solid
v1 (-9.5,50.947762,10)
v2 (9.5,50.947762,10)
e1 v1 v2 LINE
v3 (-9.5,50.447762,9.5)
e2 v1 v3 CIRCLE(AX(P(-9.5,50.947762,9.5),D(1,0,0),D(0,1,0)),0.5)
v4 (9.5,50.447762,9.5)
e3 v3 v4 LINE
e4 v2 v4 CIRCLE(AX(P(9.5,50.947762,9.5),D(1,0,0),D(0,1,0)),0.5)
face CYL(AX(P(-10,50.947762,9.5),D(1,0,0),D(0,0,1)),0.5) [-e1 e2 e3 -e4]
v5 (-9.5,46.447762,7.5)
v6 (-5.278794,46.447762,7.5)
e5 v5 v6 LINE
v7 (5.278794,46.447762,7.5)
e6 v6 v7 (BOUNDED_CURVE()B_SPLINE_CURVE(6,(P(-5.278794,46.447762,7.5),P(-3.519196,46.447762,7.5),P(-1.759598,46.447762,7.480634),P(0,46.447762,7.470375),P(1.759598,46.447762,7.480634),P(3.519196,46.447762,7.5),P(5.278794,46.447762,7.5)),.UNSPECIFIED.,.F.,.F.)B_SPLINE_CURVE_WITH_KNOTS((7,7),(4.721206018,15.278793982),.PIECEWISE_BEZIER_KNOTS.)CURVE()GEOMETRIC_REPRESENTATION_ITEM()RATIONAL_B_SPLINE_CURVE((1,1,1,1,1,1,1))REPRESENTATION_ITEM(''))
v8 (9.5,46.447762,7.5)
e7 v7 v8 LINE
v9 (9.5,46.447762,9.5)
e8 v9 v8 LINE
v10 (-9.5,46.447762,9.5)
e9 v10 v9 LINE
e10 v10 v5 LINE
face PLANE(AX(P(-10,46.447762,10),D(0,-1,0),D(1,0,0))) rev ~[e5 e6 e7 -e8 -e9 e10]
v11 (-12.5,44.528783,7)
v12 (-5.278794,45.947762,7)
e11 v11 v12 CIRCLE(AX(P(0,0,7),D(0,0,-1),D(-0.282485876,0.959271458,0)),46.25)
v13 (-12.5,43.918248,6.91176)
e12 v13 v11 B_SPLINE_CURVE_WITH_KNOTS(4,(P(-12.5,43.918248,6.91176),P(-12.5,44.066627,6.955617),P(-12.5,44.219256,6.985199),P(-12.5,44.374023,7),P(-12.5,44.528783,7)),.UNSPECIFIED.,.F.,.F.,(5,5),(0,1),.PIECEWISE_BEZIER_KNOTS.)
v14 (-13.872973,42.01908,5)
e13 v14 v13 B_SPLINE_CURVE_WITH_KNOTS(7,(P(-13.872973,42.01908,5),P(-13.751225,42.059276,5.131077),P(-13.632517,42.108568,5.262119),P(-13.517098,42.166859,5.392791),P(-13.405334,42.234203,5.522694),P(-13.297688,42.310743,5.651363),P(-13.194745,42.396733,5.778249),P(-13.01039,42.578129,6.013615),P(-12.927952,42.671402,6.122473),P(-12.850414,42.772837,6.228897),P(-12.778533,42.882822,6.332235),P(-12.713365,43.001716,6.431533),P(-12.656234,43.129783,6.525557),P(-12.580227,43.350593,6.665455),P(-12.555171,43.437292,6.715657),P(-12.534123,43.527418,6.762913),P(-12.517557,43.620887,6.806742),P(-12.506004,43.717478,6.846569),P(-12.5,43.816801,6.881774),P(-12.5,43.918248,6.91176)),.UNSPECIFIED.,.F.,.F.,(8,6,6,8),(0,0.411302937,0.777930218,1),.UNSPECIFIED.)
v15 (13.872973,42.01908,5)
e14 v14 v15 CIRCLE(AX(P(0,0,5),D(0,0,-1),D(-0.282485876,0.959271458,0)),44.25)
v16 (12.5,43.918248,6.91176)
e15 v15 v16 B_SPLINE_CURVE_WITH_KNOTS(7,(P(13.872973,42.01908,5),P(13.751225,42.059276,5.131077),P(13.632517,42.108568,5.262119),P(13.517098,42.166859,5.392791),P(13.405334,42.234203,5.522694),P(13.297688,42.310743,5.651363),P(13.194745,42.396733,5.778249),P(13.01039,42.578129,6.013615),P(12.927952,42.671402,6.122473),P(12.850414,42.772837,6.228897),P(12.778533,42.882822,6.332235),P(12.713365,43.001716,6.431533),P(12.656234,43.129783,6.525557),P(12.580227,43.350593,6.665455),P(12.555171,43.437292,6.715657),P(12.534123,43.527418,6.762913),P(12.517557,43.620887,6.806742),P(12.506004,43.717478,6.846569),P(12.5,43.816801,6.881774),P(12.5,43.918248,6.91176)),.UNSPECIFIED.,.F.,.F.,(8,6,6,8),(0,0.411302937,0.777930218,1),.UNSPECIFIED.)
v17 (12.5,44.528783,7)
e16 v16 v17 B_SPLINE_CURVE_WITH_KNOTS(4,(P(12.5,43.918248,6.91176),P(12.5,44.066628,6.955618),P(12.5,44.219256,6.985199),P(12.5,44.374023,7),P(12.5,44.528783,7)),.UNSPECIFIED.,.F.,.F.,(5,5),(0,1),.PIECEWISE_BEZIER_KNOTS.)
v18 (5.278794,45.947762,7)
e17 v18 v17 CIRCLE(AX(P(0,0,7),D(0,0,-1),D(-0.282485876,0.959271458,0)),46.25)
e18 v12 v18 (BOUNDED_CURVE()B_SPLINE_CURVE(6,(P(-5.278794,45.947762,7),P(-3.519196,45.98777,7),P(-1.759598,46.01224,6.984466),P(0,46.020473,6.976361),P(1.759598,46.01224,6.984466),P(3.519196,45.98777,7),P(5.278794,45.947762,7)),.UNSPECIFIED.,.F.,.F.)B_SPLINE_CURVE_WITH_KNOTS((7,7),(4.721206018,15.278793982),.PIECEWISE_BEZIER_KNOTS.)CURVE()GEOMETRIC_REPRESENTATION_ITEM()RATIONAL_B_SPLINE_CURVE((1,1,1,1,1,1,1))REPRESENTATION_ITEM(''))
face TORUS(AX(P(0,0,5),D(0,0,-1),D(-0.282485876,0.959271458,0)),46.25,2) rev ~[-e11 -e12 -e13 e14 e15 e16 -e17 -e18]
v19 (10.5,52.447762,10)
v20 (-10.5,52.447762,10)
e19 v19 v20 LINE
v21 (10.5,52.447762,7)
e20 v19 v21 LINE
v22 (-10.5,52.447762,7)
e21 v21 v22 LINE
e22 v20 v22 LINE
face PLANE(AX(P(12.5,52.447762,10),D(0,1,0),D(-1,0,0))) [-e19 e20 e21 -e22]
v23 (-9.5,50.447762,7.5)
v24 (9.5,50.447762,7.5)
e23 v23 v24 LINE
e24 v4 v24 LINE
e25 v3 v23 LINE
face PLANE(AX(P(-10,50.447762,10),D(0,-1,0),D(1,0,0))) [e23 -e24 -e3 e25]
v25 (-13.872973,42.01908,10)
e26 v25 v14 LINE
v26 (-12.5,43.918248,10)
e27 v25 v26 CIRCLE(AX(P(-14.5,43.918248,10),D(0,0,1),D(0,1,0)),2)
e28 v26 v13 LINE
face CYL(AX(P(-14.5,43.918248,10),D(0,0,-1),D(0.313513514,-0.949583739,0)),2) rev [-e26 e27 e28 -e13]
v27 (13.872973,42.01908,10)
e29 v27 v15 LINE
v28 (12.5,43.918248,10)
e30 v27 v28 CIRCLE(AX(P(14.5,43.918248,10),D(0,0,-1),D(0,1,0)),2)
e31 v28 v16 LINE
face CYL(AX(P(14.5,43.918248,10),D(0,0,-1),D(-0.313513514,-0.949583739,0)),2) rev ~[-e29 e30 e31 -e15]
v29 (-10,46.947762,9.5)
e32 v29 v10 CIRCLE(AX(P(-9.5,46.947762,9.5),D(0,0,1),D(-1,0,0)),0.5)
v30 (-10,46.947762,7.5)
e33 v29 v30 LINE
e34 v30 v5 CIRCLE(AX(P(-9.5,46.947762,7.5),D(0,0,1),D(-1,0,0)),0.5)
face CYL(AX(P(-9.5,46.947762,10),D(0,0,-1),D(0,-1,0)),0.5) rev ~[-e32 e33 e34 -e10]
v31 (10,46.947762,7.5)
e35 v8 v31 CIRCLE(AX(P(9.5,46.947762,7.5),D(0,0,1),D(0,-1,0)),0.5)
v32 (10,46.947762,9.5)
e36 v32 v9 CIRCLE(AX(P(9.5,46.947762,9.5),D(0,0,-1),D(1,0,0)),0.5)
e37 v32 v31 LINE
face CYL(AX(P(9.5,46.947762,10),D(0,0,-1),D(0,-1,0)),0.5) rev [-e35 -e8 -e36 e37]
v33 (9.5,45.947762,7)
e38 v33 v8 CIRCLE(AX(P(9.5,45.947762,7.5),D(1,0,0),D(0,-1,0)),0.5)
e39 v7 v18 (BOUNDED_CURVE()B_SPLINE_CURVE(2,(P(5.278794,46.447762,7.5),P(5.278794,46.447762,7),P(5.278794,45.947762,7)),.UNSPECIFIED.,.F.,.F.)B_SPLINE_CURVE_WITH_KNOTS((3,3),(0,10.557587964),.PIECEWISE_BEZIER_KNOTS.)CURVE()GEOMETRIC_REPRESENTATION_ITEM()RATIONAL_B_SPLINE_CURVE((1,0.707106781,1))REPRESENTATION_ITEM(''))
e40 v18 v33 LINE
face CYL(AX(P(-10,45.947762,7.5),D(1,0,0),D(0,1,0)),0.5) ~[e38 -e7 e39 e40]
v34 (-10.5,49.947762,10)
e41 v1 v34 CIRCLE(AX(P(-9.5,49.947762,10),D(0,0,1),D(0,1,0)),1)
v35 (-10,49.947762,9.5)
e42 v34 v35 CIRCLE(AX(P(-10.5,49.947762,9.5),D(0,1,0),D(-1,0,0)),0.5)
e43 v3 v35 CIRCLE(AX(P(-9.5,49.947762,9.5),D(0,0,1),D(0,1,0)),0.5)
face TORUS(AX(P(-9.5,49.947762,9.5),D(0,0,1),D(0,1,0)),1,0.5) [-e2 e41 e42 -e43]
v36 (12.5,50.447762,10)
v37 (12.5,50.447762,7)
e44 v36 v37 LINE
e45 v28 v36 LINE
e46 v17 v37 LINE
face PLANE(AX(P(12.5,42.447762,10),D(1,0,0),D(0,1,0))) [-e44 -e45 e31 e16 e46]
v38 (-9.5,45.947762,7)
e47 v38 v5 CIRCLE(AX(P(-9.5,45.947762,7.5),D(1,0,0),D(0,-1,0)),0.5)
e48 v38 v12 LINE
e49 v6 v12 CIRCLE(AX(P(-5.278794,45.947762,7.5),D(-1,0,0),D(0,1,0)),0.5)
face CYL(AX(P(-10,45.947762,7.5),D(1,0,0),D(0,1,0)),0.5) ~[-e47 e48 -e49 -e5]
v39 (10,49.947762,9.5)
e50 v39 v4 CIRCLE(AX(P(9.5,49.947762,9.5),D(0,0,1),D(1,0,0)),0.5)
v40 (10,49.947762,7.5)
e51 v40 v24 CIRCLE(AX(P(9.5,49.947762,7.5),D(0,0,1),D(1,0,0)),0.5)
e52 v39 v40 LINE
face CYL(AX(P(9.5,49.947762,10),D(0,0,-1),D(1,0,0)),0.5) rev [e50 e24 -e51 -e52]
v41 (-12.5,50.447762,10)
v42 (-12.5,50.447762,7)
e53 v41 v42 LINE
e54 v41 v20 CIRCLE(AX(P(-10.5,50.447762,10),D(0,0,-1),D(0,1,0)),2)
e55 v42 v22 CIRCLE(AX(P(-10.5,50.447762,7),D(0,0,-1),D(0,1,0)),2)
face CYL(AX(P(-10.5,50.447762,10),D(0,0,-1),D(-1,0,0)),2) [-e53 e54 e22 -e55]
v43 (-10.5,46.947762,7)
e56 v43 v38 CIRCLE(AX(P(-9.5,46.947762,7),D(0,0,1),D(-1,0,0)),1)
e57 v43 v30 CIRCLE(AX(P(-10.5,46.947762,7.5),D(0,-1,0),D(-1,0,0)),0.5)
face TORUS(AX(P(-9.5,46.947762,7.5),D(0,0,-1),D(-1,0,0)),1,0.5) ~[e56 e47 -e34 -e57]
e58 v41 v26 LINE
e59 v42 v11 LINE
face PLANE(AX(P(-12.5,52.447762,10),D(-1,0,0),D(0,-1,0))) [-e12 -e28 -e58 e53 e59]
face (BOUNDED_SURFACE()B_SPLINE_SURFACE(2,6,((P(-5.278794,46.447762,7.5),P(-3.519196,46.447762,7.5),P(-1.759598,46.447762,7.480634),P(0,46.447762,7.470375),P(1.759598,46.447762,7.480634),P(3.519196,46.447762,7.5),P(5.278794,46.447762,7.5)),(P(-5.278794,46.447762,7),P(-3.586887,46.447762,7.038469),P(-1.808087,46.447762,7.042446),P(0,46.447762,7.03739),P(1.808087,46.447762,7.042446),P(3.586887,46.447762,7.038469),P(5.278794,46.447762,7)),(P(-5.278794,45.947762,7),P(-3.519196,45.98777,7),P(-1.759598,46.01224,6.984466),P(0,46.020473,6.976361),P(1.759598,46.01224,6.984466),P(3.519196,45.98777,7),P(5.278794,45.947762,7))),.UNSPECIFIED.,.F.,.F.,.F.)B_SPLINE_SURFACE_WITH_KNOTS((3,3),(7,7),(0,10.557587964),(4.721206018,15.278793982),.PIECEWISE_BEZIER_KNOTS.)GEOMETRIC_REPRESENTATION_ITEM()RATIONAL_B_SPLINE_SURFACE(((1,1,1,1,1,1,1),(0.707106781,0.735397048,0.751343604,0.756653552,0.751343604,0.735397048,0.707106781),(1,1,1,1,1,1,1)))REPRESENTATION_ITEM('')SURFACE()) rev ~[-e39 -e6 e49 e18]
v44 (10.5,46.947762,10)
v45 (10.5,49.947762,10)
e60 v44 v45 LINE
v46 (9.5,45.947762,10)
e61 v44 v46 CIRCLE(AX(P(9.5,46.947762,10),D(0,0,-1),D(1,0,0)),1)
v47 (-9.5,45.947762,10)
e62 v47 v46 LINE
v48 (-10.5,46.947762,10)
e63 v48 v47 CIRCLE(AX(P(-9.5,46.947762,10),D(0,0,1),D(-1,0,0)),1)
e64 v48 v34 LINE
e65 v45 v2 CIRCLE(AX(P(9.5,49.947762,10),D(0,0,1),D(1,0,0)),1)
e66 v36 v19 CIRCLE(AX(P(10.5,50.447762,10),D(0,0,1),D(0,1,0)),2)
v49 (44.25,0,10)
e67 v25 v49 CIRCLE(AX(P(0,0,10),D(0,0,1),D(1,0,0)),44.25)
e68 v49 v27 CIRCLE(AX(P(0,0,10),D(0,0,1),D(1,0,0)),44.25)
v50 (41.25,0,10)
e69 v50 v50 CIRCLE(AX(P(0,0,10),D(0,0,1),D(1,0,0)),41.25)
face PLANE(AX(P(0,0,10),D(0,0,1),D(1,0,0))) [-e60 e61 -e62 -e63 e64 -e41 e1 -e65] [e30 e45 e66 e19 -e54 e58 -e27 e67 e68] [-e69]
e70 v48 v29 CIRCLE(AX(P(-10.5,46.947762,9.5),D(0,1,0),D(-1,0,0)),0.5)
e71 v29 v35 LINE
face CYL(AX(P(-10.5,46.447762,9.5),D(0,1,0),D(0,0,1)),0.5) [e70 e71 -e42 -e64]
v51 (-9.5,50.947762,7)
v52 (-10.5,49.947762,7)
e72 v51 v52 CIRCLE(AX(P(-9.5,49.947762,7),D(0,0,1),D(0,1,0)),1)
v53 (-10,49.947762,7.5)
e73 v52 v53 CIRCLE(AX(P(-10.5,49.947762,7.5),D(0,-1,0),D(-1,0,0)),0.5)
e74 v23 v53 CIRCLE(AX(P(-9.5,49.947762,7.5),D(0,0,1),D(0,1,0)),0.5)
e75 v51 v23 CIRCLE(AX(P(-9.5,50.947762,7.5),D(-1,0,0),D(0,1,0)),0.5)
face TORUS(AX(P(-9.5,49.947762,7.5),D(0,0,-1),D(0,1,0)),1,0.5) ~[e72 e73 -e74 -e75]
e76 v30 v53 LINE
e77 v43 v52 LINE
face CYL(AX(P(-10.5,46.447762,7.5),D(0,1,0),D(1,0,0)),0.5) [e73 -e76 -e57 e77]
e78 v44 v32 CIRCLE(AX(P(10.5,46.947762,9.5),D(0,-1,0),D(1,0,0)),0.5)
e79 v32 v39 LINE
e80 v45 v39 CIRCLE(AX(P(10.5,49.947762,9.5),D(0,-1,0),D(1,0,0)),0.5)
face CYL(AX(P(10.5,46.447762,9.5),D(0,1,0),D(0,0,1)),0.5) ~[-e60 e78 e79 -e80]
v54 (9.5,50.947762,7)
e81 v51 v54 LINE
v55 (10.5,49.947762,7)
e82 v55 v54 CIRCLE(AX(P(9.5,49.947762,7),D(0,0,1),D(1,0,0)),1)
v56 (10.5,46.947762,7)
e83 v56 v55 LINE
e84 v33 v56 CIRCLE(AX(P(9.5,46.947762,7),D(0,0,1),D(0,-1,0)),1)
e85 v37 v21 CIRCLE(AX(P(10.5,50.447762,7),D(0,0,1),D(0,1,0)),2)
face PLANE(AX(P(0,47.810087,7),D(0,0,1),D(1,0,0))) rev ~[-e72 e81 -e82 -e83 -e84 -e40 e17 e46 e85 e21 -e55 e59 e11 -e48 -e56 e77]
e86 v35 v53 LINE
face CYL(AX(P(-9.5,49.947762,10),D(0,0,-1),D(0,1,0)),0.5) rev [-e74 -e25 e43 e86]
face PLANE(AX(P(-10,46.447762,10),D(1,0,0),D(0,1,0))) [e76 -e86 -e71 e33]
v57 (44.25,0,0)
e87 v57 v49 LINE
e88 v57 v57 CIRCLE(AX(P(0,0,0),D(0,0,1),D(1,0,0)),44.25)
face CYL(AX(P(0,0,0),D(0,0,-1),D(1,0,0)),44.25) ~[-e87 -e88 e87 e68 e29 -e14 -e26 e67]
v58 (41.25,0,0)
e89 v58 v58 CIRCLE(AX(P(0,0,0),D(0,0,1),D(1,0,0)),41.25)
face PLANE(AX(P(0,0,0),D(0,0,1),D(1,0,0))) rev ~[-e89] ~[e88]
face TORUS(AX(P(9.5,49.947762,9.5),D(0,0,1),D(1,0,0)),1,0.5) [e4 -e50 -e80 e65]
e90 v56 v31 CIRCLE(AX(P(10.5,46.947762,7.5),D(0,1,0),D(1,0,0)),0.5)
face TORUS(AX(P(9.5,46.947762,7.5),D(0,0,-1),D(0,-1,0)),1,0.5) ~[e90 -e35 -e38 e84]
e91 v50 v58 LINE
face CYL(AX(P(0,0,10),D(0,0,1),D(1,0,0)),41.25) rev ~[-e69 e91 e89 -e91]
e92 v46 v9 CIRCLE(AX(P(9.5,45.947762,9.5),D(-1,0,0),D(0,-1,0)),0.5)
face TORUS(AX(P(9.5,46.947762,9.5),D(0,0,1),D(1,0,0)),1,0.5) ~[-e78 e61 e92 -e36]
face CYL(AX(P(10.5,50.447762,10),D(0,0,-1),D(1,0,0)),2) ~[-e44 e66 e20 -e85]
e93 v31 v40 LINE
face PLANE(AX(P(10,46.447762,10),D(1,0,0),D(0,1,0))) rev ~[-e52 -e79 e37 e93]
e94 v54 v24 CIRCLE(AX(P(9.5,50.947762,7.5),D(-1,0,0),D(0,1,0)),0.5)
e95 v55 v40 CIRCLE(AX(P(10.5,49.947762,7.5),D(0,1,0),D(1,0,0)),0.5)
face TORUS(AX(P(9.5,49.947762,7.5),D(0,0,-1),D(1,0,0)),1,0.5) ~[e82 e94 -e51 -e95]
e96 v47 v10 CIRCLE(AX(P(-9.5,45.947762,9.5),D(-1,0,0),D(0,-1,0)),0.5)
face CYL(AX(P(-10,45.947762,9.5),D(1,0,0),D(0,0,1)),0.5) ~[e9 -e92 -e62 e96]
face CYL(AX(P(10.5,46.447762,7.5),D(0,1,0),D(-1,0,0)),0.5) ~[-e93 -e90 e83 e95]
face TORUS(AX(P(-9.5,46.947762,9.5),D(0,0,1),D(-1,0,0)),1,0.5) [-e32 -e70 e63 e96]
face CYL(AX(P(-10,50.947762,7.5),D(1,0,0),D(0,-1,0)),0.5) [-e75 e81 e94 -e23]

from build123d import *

# Parameters (mm, degrees)
F0_R     = 44.25
F1_DEPTH = 10
F2_R     = 41.25
F3_DEPTH = 15
F5_DEPTH = 3
F6_W     = 20
F6_H     = 4
F7_DEPTH = 25
F8_R     = 2
F9_R     = 0.5


with BuildPart() as f1:
    # F0 (on Top) → F1 (new body)
    with BuildSketch(Plane.XY):
        Circle(F0_R)
    extrude(amount=F1_DEPTH)

    # F2 (on face) → F3 (cut)
    with BuildSketch(Plane.XY.offset(10)):
        Circle(F2_R)
    extrude(amount=-F3_DEPTH, mode=Mode.SUBTRACT)

    # F4 (on face) → F5 (join)
    with BuildSketch(Plane.XY.offset(10)):
        with BuildLine():
            Line((12.5, 52.447762014), (-12.5, 52.447762014))
            Line((-12.5, 52.447762014), (-12.5, 42.447762014))
            ThreePointArc((-12.5, 42.447762014), (0, 44.25), (12.5, 42.447762014))
            Line((12.5, 42.447762014), (12.5, 52.447762014))
        make_face()
    extrude(amount=-F5_DEPTH)

    # F6 (on face) → F7 (cut)
    with BuildSketch(Plane.XY.offset(10)):
        with Locations((0, 48.447762014)):
            Rectangle(F6_W, F6_H)
    extrude(amount=-F7_DEPTH, mode=Mode.SUBTRACT)

    # F8
    f8_edges = [f1.edges().sort_by_distance(p)[0] for p in [
        (0, 44.25, 7),
        (12.5, 42.447762, 8.5),
        (12.5, 52.447762, 8.5),
        (-12.5, 42.447762, 8.5),
        (-12.5, 52.447762, 8.5),
    ]]
    fillet(f8_edges, radius=F8_R)

    # F9
    f9_edges = [f1.edges().sort_by_distance(p)[0] for p in [
        (0, 46.447762, 10),
        (10, 46.447762, 8.5),
        (0, 46.447762, 7),
        (-10, 46.447762, 8.5),
        (-10, 48.447762, 10),
        (-10, 48.447762, 7),
        (-10, 50.447762, 8.5),
        (0, 50.447762, 10),
        (0, 50.447762, 7),
        (10, 50.447762, 8.5),
        (10, 48.447762, 10),
        (10, 48.447762, 7),
    ]]
    fillet(f9_edges, radius=F9_R)


solid = f1.part
